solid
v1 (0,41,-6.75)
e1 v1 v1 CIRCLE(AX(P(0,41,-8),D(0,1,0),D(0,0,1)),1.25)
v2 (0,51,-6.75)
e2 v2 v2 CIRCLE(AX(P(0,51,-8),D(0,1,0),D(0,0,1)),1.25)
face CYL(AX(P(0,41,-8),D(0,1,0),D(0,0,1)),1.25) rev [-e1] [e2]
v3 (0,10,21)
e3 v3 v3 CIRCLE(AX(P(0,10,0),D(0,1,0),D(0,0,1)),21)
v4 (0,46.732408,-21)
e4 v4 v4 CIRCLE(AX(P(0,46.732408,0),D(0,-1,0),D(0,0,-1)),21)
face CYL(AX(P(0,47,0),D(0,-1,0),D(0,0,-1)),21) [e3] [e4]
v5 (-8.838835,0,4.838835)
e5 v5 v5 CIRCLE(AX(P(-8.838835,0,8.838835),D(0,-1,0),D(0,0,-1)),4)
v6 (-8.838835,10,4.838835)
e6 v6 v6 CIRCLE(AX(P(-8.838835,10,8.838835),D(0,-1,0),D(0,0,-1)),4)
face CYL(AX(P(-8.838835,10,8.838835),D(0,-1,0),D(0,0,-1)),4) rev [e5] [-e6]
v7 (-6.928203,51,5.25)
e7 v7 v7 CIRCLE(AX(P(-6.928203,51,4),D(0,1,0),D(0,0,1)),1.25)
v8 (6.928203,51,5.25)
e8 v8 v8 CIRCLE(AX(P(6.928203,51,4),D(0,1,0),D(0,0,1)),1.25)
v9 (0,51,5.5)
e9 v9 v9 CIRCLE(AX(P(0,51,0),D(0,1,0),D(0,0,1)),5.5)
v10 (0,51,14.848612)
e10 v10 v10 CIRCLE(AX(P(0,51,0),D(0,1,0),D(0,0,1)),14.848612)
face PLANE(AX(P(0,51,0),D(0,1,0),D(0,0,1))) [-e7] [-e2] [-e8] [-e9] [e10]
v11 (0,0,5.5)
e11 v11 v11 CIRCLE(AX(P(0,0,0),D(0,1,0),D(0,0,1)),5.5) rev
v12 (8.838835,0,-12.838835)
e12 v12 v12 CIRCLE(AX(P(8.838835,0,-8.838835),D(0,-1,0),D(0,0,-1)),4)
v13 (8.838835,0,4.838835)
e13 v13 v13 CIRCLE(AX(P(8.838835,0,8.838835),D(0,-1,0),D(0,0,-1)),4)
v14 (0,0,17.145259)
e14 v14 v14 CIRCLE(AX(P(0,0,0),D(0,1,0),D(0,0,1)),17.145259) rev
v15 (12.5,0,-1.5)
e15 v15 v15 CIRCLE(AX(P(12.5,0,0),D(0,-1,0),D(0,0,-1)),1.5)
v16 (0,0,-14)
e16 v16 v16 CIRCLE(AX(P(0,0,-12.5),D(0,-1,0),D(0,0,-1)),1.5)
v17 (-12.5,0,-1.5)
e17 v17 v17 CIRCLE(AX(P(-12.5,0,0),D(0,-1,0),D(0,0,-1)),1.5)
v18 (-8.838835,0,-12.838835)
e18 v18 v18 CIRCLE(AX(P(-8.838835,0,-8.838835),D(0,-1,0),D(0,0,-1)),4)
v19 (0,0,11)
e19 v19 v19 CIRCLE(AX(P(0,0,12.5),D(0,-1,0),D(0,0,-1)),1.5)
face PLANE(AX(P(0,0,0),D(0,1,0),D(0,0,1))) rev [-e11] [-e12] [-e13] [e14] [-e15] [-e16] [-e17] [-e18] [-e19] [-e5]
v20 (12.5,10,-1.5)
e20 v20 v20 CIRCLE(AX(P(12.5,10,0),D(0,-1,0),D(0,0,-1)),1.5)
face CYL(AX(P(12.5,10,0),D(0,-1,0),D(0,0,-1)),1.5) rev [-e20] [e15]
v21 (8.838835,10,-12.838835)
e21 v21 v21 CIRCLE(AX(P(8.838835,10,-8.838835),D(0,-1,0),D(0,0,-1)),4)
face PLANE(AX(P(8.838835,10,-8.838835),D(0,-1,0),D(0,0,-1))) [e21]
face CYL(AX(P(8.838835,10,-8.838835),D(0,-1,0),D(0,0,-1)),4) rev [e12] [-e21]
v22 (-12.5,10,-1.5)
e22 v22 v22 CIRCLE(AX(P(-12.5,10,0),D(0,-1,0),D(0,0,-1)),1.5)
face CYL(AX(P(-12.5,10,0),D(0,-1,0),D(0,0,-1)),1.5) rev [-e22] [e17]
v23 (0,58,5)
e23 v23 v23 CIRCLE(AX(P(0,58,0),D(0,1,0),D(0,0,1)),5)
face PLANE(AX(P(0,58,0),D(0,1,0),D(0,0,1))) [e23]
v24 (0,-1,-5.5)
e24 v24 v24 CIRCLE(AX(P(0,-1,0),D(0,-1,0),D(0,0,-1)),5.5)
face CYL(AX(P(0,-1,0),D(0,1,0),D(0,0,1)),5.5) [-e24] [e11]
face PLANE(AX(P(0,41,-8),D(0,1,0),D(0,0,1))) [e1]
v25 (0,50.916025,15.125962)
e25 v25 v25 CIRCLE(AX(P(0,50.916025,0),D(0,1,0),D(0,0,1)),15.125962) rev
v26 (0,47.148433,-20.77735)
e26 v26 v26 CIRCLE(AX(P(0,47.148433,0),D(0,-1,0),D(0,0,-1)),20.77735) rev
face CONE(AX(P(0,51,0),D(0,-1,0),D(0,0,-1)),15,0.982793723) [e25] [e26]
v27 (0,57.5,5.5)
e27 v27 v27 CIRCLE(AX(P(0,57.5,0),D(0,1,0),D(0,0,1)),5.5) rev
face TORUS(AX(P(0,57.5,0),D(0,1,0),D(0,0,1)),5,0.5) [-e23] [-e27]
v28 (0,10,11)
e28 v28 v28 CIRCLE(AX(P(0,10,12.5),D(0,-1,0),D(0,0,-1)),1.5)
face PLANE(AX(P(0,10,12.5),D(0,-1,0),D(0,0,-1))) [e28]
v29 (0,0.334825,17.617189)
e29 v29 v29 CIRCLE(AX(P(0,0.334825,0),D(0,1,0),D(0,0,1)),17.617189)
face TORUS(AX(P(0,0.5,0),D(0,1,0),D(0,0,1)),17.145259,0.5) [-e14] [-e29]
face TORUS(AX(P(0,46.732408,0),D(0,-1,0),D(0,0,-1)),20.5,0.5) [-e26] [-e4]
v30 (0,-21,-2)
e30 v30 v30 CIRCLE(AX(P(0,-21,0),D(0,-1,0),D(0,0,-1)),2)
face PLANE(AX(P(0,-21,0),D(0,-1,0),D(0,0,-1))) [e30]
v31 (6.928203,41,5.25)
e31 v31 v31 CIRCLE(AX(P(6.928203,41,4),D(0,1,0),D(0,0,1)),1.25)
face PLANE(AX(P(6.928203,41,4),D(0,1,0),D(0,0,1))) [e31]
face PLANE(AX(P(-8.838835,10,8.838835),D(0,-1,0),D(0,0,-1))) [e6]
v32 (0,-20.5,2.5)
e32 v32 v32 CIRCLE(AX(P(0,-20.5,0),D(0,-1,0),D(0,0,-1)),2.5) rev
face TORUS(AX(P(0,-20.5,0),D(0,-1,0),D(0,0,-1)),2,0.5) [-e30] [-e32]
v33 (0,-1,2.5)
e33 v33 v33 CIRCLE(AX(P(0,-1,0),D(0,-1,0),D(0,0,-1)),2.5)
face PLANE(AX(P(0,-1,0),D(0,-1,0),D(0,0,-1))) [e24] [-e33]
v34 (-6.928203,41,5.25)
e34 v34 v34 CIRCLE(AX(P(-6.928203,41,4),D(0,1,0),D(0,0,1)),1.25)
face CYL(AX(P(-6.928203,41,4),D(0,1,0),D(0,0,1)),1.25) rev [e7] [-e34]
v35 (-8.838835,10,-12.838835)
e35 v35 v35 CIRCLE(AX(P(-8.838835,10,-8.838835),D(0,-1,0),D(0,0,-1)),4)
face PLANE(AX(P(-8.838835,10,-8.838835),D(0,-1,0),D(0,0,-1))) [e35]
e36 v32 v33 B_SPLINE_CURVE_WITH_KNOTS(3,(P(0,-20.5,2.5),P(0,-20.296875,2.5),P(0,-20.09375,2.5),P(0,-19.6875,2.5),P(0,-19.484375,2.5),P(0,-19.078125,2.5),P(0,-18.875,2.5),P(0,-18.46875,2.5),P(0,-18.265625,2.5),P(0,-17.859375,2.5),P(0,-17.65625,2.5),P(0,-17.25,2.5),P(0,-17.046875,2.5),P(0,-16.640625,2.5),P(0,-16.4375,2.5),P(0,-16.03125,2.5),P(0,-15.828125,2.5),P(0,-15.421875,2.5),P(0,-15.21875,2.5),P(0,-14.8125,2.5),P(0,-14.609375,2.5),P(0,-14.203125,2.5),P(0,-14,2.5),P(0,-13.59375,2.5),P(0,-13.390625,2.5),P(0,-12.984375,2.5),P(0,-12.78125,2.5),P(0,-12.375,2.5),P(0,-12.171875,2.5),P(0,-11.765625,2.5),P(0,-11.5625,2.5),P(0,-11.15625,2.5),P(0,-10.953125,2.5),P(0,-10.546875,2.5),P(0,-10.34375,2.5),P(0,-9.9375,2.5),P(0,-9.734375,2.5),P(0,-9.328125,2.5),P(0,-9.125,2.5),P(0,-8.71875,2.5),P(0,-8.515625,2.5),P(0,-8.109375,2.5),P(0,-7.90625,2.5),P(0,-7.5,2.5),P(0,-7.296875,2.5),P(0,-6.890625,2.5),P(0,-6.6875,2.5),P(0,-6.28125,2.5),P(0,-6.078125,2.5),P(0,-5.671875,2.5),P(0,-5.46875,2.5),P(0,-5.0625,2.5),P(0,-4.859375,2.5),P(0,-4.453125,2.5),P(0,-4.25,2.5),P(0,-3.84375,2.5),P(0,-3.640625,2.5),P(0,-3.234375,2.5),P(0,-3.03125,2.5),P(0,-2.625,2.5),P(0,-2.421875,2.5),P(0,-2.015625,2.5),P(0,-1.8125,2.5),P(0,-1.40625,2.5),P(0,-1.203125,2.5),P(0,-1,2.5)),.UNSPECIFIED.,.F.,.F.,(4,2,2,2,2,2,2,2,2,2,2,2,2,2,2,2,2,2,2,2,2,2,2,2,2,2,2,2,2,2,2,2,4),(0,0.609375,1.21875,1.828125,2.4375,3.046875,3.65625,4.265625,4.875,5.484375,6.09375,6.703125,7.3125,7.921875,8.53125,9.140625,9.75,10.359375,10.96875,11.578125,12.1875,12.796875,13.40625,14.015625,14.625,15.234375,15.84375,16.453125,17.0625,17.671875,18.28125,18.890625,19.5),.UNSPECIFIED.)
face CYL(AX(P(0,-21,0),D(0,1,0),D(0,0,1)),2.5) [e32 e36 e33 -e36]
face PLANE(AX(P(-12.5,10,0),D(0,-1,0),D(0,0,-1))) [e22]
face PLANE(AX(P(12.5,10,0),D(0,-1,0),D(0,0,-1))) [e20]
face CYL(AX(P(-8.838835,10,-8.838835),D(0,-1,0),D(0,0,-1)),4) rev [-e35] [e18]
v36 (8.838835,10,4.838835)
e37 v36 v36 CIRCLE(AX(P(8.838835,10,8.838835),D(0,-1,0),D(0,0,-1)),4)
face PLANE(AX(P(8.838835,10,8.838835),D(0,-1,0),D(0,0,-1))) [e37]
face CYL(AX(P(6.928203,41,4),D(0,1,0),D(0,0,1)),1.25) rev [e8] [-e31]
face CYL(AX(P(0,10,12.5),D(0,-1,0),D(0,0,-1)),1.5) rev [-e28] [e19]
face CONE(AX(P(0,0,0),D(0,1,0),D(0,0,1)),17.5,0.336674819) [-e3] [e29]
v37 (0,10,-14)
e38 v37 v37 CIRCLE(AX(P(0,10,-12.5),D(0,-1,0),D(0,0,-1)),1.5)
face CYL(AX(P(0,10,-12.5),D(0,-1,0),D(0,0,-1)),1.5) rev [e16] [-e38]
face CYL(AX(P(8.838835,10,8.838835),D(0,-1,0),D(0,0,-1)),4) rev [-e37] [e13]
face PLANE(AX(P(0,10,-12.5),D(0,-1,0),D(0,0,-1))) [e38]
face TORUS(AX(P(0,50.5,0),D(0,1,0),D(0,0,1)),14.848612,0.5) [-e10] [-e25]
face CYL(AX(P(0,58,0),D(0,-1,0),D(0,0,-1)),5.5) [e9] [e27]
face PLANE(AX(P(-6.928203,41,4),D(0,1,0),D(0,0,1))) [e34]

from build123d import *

# Parameters (mm, degrees)
SKETCH1_R           = 17.5
BOSS_EXTRUDE1_DEPTH = 10
SKETCH2_R           = 21
BOSS_EXTRUDE2_DEPTH = 37
SKETCH3_R           = 15
BOSS_EXTRUDE3_DEPTH = 4
SKETCH4_R           = 5.5
BOSS_EXTRUDE4_DEPTH = 7
SKETCH5_R           = 2.5
BOSS_EXTRUDE5_DEPTH = 21
SKETCH6_R           = 1.5
SKETCH6_R_2         = 4
CUT_EXTRUDE1_DEPTH  = 10
BOSS_EXTRUDE6_START = 1
SKETCH7_R           = 5.5
BOSS_EXTRUDE6_DEPTH = 1
SKETCH9_R           = 1.25
CUT_EXTRUDE2_DEPTH  = 10
FILLET1_R           = 0.5


with BuildPart() as part:
    # Sketch1 → Boss-Extrude1 (new body)
    with BuildSketch(Plane(origin=(0, 0, 0), x_dir=(1, 0, 0), z_dir=(0, 1, 0))):
        with Locations(Location((0, 0, 0), (0, 0, 270))):
            Circle(SKETCH1_R)
    extrude(amount=BOSS_EXTRUDE1_DEPTH)

    # Sketch2 → Boss-Extrude2 (add)
    with BuildSketch(Plane(origin=(0, 10, 0), x_dir=(1, 0, 0), z_dir=(0, 1, 0))):
        with Locations(Location((0, 0, 0), (0, 0, 270))):
            Circle(SKETCH2_R)
    extrude(amount=BOSS_EXTRUDE2_DEPTH)

    # Sketch3 → Boss-Extrude3 (add)
    with BuildSketch(Plane(origin=(0, 47, 0), x_dir=(1, 0, 0), z_dir=(0, 1, 0))):
        with Locations(Location((0, 0, 0), (0, 0, 270))):
            Circle(SKETCH3_R)
    extrude(amount=BOSS_EXTRUDE3_DEPTH)

    # Sketch4 → Boss-Extrude4 (add)
    with BuildSketch(Plane(origin=(0, 51, 0), x_dir=(1, 0, 0), z_dir=(0, 1, 0))):
        with Locations(Location((0, 0, 0), (0, 0, 270))):
            Circle(SKETCH4_R)
    extrude(amount=BOSS_EXTRUDE4_DEPTH)

    # Sketch5 → Boss-Extrude5 (add)
    with BuildSketch(Plane.XZ):
        with Locations(Location((0, 0, 0), (0, 0, 90))):
            Circle(SKETCH5_R)
    extrude(amount=BOSS_EXTRUDE5_DEPTH)

    # loft up to a face of the part (loft1)
    loft([Face(Wire([part.edges().sort_by_distance((-12.75695098, 0, -11.979574354))[0]])), Face(Wire([part.edges().sort_by_distance((-15.308341176, 10, -14.375489225))[0]]))])

    # loft up to a face of the part (loft2)
    loft([Face(Wire([part.edges().sort_by_distance((10.934529411, 51, -10.268206589))[0]])), Face(Wire([part.edges().sort_by_distance((15.308341176, 47, -14.375489225))[0]]))])

    # Sketch6 → Cut-Extrude1 (cut)
    with BuildSketch(Plane.XZ):
        with Locations(Location((0, 12.5, 0), (0, 0, 270))):
            Circle(SKETCH6_R)
        with Locations(Location((12.5, 0, 0), (0, 0, 270))):
            Circle(SKETCH6_R)
        with Locations(Location((0, -12.5, 0), (0, 0, 270))):
            Circle(SKETCH6_R)
        with Locations(Location((-12.5, 0, 0), (0, 0, 270))):
            Circle(SKETCH6_R)
        with Locations(Location((-8.838834765, 8.838834765, 0), (0, 0, 270))):
            Circle(SKETCH6_R_2)
        with Locations(Location((8.838834765, 8.838834765, 0), (0, 0, 270))):
            Circle(SKETCH6_R_2)
        with Locations(Location((8.838834765, -8.838834765, 0), (0, 0, 270))):
            Circle(SKETCH6_R_2)
        with Locations(Location((-8.838834765, -8.838834765, 0), (0, 0, 270))):
            Circle(SKETCH6_R_2)
    extrude(amount=-CUT_EXTRUDE1_DEPTH, mode=Mode.SUBTRACT)

    # Sketch7 → Boss-Extrude6 (add)
    with BuildSketch(Plane.XZ.offset(BOSS_EXTRUDE6_START)):
        with Locations(Location((0, 0, 0), (0, 0, 90))):
            Circle(SKETCH7_R)
    extrude(amount=-BOSS_EXTRUDE6_DEPTH)

    # Sketch9 → Cut-Extrude2 (cut)
    with BuildSketch(Plane(origin=(0, 51, 0), x_dir=(1, 0, 0), z_dir=(0, 1, 0))):
        with Locations(Location((0, 8, 0), (0, 0, 270))):
            Circle(SKETCH9_R)
        with Locations(Location((6.92820323, -4, 0), (0, 0, 270))):
            Circle(SKETCH9_R)
        with Locations(Location((-6.92820323, -4, 0), (0, 0, 270))):
            Circle(SKETCH9_R)
    extrude(amount=-CUT_EXTRUDE2_DEPTH, mode=Mode.SUBTRACT)

    # Fillet1
    fillet1_edges = [part.edges().sort_by_distance(p)[0] for p in [
        (0, 58, -5.5),
        (0, 0, -17.5),
        (0, -21, -2.5),
        (0, 47, -21),
        (0, 51, -15),
    ]]
    fillet(fillet1_edges, radius=FILLET1_R)


solid = part.part
